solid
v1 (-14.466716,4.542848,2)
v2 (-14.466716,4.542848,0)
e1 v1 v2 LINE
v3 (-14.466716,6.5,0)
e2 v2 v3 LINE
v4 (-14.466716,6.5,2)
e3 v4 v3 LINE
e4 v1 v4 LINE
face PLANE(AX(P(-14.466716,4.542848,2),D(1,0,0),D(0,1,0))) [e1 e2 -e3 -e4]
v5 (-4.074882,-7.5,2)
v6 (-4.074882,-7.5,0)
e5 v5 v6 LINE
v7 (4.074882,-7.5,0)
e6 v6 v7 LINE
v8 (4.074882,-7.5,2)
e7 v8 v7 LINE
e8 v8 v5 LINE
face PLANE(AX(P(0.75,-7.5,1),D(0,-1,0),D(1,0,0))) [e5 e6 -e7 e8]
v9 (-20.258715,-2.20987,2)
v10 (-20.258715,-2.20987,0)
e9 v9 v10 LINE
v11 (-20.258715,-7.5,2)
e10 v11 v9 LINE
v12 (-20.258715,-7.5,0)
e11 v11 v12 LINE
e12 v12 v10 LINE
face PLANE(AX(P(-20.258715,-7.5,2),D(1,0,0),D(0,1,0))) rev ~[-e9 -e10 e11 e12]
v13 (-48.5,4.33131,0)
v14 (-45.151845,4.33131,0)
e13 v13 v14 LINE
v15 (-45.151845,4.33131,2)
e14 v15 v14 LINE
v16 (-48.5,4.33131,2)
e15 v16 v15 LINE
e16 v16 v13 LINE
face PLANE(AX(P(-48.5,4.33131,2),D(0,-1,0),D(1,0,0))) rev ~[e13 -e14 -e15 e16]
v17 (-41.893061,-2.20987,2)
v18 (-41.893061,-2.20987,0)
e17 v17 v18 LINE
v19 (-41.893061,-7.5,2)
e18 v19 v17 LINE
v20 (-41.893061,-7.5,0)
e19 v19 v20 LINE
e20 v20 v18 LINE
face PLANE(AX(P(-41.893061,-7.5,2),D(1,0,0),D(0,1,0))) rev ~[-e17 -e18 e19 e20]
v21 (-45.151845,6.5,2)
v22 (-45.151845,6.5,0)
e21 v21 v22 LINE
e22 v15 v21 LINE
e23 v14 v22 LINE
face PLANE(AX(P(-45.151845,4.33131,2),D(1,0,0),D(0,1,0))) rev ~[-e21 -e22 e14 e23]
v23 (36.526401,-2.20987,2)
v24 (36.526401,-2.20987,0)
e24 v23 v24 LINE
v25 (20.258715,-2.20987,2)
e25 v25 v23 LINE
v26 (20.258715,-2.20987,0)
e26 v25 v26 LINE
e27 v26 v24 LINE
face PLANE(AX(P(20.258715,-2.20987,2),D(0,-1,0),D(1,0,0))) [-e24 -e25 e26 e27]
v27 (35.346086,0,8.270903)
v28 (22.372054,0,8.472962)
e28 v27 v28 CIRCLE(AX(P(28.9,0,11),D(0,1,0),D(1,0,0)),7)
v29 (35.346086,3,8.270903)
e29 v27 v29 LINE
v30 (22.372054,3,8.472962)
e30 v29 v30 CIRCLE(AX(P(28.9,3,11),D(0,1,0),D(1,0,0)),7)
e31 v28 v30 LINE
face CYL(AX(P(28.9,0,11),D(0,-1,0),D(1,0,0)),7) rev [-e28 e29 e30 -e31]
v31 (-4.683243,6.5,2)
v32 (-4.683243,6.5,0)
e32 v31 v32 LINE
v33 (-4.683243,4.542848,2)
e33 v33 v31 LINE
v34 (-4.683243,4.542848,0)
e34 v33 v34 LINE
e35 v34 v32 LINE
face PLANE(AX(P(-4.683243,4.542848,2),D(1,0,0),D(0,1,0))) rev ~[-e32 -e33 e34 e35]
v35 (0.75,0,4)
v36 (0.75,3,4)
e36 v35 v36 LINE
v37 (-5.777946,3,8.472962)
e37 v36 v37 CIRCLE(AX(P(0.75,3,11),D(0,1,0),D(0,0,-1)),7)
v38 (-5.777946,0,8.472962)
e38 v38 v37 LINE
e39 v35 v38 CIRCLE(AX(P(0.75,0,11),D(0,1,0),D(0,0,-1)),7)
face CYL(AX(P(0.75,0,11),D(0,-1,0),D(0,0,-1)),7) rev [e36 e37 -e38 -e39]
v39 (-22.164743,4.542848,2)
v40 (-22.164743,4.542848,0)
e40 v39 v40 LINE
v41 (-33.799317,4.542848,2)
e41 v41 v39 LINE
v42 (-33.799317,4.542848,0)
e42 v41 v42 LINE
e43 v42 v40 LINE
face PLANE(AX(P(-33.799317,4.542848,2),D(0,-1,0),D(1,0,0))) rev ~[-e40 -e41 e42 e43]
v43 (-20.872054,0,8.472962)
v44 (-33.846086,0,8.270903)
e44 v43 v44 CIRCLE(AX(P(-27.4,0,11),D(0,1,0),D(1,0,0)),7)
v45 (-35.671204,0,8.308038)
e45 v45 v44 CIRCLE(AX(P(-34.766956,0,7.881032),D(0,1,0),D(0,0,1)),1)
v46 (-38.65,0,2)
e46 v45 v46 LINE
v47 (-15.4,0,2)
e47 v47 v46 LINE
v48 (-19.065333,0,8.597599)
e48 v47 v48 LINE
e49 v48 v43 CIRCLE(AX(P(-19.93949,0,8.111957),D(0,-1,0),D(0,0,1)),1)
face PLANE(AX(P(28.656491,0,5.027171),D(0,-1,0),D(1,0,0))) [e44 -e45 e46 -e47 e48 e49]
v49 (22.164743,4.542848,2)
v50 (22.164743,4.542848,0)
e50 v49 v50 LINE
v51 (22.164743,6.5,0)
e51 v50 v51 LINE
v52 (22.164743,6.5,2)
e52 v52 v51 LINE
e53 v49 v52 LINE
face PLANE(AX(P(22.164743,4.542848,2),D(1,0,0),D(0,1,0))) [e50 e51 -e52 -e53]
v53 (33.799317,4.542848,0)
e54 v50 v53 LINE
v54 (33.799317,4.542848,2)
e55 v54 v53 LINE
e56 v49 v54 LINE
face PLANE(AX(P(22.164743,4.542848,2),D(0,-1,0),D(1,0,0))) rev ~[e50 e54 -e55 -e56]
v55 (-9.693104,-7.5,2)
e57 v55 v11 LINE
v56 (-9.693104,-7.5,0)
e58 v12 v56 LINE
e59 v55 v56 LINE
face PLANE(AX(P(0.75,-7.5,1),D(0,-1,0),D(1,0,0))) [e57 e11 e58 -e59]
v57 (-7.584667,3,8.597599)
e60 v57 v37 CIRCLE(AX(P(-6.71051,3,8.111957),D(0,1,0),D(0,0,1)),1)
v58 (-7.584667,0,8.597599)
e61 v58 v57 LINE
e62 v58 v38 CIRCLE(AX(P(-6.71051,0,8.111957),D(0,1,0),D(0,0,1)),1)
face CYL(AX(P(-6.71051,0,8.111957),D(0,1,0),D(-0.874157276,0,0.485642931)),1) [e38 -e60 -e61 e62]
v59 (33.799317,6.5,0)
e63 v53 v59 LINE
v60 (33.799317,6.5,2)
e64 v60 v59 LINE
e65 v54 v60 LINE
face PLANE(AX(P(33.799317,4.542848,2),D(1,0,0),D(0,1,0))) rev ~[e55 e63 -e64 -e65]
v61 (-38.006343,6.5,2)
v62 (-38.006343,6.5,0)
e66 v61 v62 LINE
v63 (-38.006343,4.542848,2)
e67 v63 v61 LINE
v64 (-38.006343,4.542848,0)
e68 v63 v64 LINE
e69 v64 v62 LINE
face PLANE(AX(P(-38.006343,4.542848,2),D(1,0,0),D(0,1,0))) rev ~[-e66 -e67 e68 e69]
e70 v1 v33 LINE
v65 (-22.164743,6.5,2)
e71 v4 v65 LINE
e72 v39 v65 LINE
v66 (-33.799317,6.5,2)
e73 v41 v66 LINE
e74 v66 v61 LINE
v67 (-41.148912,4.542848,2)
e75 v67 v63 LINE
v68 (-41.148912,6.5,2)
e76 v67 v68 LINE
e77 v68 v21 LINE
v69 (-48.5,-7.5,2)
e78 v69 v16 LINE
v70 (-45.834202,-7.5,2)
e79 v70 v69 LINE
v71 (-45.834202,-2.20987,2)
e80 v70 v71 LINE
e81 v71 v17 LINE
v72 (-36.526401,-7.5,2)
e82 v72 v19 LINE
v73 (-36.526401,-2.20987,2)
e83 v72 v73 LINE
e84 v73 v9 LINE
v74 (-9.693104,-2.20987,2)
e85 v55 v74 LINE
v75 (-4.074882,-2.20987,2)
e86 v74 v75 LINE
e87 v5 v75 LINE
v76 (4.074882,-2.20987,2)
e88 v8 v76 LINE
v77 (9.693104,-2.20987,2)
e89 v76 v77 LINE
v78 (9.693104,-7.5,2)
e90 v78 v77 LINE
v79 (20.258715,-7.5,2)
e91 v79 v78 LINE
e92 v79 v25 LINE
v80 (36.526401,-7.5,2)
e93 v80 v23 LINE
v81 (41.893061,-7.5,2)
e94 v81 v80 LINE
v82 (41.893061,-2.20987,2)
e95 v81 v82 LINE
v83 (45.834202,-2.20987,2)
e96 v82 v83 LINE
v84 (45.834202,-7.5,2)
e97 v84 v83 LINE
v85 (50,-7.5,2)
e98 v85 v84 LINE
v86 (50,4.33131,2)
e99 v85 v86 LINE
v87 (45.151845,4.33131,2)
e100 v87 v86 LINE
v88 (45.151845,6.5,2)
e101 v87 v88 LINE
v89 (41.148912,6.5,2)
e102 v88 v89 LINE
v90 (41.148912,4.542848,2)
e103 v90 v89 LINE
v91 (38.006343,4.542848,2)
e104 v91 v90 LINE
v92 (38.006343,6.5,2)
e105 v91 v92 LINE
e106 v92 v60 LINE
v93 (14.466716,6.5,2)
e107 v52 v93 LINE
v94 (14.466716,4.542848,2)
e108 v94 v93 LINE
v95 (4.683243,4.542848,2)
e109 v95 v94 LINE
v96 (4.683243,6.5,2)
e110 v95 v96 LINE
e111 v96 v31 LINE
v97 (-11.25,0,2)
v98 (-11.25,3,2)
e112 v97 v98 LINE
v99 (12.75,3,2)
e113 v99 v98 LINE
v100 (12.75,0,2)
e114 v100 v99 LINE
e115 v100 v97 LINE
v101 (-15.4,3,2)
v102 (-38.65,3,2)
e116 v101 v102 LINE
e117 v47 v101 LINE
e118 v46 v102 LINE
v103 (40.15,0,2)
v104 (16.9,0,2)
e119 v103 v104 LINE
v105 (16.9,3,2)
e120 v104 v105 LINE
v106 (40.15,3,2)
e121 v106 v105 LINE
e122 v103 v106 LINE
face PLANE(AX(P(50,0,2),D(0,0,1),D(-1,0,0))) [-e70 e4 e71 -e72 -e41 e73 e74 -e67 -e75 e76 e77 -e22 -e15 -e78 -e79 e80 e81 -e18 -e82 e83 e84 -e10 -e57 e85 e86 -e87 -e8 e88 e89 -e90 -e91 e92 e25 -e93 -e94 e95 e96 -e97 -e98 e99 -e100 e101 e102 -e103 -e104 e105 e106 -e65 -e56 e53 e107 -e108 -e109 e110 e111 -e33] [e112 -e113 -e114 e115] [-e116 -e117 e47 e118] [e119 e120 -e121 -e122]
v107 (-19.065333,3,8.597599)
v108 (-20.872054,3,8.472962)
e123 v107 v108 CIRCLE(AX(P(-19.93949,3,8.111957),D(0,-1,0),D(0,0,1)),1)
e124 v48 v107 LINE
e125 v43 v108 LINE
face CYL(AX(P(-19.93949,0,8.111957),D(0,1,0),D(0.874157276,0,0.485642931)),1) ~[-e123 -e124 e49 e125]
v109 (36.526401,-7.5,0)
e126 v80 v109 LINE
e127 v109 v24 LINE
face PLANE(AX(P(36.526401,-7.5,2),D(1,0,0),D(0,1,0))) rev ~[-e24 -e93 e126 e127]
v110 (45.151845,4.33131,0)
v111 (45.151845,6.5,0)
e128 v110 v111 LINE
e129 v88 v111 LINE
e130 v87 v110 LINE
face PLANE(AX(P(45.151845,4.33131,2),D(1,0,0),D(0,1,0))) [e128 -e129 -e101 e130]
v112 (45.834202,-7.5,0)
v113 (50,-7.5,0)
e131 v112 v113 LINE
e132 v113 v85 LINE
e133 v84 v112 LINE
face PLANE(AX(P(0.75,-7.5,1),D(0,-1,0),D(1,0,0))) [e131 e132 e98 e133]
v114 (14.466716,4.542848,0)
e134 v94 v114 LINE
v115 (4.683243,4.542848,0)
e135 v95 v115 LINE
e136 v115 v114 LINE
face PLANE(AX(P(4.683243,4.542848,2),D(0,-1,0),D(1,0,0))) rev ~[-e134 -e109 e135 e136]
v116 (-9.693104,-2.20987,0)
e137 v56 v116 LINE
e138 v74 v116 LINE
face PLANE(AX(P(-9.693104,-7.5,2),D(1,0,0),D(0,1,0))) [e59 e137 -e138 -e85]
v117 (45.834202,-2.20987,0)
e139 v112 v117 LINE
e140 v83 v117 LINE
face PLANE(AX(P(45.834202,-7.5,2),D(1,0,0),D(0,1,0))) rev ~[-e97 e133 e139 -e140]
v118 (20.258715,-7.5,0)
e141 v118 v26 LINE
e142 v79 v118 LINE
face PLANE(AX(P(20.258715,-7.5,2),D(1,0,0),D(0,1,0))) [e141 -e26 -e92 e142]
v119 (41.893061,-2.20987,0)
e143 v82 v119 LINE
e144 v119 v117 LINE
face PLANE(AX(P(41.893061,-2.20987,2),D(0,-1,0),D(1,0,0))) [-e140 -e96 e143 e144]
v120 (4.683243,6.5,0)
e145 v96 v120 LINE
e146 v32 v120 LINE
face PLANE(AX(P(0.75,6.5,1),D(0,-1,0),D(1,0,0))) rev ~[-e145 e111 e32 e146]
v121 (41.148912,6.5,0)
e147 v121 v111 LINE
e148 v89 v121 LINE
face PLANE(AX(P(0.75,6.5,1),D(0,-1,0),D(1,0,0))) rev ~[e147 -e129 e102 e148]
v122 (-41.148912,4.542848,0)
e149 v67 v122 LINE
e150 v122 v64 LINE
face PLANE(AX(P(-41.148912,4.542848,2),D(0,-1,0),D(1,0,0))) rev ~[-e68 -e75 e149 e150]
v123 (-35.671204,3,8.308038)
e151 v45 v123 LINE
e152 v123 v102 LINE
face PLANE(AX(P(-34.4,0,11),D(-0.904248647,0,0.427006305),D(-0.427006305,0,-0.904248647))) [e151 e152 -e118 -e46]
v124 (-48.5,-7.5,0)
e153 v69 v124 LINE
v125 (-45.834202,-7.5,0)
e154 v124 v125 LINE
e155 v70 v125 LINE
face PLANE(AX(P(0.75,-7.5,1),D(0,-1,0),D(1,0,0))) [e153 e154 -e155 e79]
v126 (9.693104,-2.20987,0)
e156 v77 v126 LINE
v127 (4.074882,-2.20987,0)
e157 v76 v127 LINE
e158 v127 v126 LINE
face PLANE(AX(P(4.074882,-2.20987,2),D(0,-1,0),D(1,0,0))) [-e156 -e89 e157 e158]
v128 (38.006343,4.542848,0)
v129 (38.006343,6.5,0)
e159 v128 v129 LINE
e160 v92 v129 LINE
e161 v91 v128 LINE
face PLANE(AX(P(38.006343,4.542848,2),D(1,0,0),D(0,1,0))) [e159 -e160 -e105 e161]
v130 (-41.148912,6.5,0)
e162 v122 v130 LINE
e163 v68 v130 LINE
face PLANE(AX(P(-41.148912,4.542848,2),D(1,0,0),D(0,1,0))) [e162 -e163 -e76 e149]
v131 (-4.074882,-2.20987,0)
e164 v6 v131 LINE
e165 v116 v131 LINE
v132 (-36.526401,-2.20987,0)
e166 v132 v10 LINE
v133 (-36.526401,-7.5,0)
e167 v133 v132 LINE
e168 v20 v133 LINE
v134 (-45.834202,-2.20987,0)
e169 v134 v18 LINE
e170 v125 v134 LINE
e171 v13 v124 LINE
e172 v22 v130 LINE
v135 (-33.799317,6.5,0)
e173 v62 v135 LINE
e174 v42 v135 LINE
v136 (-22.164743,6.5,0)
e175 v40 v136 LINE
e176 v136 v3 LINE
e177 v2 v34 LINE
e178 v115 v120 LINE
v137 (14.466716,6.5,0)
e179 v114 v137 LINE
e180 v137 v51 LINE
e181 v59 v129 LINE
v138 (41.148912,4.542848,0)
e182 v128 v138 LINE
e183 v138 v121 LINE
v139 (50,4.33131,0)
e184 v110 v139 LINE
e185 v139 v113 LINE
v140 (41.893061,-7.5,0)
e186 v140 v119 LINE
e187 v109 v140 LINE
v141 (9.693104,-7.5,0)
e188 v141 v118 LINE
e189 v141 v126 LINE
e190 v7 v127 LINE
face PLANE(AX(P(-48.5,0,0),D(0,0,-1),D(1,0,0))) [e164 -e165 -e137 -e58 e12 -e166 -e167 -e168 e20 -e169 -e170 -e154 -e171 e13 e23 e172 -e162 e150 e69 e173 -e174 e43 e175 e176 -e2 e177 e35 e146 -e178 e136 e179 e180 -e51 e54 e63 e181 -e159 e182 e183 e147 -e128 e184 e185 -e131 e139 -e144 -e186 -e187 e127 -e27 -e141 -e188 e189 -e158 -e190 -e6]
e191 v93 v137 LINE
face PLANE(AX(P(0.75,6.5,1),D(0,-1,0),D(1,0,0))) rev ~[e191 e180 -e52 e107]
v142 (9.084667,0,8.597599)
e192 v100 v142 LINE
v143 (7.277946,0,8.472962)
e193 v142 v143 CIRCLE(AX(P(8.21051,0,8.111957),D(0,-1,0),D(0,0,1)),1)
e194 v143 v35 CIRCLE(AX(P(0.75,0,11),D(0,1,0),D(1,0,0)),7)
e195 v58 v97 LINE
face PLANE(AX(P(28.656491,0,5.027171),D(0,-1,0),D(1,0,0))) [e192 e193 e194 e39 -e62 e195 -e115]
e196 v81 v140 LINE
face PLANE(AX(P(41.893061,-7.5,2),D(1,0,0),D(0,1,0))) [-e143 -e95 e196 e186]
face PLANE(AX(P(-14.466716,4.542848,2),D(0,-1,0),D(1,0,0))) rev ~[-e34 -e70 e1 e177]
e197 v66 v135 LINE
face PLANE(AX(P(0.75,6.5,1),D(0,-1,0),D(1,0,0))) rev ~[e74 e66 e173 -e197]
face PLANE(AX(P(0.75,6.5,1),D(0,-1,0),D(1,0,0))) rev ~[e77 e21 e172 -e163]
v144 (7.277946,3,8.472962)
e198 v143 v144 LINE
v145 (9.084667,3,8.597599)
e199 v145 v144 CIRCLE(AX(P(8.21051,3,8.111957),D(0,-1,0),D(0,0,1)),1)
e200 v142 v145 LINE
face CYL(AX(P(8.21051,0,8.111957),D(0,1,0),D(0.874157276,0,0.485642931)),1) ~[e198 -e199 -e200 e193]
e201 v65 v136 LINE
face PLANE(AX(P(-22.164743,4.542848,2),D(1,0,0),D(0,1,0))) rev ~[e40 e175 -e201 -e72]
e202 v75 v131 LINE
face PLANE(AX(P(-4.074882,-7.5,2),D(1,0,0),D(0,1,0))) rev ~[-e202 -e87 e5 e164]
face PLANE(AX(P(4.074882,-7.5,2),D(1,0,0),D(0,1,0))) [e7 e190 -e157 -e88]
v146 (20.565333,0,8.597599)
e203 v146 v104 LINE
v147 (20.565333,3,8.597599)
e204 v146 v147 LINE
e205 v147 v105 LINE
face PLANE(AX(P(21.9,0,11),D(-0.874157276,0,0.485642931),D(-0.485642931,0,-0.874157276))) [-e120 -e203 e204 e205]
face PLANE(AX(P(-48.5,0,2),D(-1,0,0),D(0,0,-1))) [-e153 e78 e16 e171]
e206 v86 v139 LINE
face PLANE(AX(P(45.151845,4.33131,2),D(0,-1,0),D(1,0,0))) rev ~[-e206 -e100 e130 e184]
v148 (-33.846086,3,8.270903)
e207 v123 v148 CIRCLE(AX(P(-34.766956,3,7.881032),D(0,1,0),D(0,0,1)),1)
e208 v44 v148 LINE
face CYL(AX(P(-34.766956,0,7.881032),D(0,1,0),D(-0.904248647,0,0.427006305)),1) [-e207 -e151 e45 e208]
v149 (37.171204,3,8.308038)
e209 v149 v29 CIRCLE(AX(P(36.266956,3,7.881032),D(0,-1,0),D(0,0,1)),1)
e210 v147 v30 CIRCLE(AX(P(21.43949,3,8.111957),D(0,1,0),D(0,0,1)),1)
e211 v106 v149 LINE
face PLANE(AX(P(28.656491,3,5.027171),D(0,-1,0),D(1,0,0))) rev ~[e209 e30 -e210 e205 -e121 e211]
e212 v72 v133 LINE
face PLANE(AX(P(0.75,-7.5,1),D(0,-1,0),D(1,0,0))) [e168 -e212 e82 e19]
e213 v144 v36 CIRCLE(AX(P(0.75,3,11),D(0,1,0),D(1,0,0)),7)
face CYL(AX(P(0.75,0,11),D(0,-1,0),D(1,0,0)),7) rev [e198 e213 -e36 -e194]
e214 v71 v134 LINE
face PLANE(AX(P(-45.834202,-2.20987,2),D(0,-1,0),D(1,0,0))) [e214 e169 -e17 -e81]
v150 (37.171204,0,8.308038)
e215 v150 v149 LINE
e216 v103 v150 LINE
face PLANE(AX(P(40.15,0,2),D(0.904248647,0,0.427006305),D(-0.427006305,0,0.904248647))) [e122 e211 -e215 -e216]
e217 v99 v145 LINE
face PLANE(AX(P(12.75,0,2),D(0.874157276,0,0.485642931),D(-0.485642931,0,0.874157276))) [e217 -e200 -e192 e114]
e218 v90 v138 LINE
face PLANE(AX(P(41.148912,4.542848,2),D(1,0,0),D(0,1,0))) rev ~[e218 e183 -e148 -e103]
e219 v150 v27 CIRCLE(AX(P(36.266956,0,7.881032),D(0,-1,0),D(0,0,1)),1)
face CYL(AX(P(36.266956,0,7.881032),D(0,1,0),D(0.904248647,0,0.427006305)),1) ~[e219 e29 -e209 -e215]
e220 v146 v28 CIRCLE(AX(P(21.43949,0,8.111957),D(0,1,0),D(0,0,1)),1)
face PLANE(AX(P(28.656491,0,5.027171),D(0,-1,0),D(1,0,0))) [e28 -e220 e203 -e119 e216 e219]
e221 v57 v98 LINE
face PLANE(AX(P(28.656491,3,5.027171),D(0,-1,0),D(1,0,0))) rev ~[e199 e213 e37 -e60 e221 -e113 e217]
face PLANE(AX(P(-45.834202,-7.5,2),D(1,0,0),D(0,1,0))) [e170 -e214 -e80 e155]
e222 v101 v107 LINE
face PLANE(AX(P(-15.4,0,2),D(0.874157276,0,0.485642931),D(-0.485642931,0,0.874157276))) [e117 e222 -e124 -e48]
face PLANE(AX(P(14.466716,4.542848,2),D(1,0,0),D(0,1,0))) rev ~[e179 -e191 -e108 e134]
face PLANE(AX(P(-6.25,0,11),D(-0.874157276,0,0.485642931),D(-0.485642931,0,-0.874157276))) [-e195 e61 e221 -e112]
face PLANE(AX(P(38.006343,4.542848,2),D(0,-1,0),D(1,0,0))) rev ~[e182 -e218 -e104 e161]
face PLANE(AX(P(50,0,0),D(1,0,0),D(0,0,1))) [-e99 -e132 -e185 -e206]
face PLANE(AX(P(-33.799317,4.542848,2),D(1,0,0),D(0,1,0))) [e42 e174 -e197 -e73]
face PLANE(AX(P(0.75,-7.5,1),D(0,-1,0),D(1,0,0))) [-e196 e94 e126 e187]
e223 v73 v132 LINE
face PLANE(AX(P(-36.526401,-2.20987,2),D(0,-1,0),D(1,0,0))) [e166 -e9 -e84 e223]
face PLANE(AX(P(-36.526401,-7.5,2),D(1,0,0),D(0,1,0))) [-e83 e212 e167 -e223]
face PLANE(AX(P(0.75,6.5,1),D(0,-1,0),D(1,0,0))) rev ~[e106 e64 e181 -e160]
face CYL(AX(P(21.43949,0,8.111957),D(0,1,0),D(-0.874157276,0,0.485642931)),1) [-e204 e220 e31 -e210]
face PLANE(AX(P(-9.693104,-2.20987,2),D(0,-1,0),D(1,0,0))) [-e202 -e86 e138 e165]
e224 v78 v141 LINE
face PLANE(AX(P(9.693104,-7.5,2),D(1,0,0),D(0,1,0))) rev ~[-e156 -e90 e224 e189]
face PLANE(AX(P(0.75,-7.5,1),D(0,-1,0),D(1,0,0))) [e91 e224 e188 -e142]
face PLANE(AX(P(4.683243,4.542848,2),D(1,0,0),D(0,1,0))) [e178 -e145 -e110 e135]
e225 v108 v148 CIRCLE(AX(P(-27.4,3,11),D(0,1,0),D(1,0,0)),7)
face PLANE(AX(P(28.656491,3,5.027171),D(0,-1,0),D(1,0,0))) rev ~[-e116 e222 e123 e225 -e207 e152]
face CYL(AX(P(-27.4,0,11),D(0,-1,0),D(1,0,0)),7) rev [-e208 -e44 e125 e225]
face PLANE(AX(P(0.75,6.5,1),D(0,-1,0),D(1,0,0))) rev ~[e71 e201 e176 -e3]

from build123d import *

# Parameters (mm, degrees)
F1_DEPTH = 7.5
F2_DEPTH = 3
F3_DEPTH = 6.5
F4_W     = 5.6182215922
F4_H     = 5.2901296224
F4_W_2   = 4.8481553793
F4_H_2   = 2.1686895564
F4_W_3   = 11.6345733404
F4_H_3   = 1.9571522065
F4_W_4   = 3.1425692141
F4_W_5   = 9.7834728658
F4_W_6   = 16.2676852196
F4_W_7   = 3.9411410689
F4_W_8   = 3.3481553793
F5_DEPTH = 2
F6_R     = 1


with BuildPart() as f1:
    # F0 (on Front) → F1 (new body)
    with BuildSketch(Plane.XZ):
        Polygon((-48.5, 2), (-48.5, 0), (50, 0), (50, 2), (40.15, 2), (16.9, 2), (12.75, 2), (0.75, 2), (-11.25, 2), (-15.4, 2), (-38.65, 2), align=None)
    extrude(amount=F1_DEPTH)

    # F0 (on Front) → F2 (join)
    with BuildSketch(Plane.XZ):
        with BuildLine():
            Line((16.9, 2), (40.15, 2))
            Line((40.15, 2), (35.9, 11))
            ThreePointArc((35.9, 11), (28.9, 4), (21.9, 11))
            Line((21.9, 11), (16.9, 2))
        make_face()
        with BuildLine():
            Line((0.75, 2), (12.75, 2))
            Line((12.75, 2), (7.75, 11))
            ThreePointArc((7.75, 11), (5.6997474683, 6.0502525317), (0.75, 4))
            Line((0.75, 4), (0.75, 2))
        make_face()
        with BuildLine():
            Line((-6.25, 11), (-11.25, 2))
            Line((-11.25, 2), (0.75, 2))
            Line((0.75, 2), (0.75, 4))
            ThreePointArc((0.75, 4), (-4.1997474683, 6.0502525317), (-6.25, 11))
        make_face()
        with BuildLine():
            Line((-34.4, 11), (-38.65, 2))
            Line((-38.65, 2), (-15.4, 2))
            Line((-15.4, 2), (-20.4, 11))
            ThreePointArc((-20.4, 11), (-27.4, 4), (-34.4, 11))
        make_face()
        Polygon((-48.5, 2), (-48.5, 0), (50, 0), (50, 2), (40.15, 2), (16.9, 2), (12.75, 2), (0.75, 2), (-11.25, 2), (-15.4, 2), (-38.65, 2), align=None)
    extrude(amount=-F2_DEPTH)

    # F0 (on Front) → F3 (join)
    with BuildSketch(Plane.XZ):
        Polygon((-48.5, 2), (-48.5, 0), (50, 0), (50, 2), (40.15, 2), (16.9, 2), (12.75, 2), (0.75, 2), (-11.25, 2), (-15.4, 2), (-38.65, 2), align=None)
    extrude(amount=-F3_DEPTH)

    # F4 (on face) → F5 (cut)
    with BuildSketch(Plane.XY.offset(2)):
        with Locations((6.8839930464, -4.8549351888)):
            Rectangle(F4_W, F4_H)
        with Locations((47.5759223104, 5.4156552218)):
            Rectangle(F4_W_2, F4_H_2)
        with Locations((27.9820300639, 5.5214238968)):
            Rectangle(F4_W_3, F4_H_3)
        with Locations((39.5776275545, 5.5214238968)):
            Rectangle(F4_W_4, F4_H_3)
        with Locations((9.5749795437, 5.5214238968)):
            Rectangle(F4_W_5, F4_H_3)
        with Locations((28.3925579861, -4.8549351888)):
            Rectangle(F4_W_6, F4_H)
        with Locations((43.8636317849, -4.8549351888)):
            Rectangle(F4_W_7, F4_H)
        with Locations((-6.8839930464, -4.8549351888)):
            Rectangle(F4_W, F4_H)
        with Locations((-9.5749795437, 5.5214238968)):
            Rectangle(F4_W_5, F4_H_3)
        with Locations((-28.3925579861, -4.8549351888)):
            Rectangle(F4_W_6, F4_H)
        with Locations((-27.9820300639, 5.5214238968)):
            Rectangle(F4_W_3, F4_H_3)
        with Locations((-39.5776275545, 5.5214238968)):
            Rectangle(F4_W_4, F4_H_3)
        with Locations((-43.8636317849, -4.8549351888)):
            Rectangle(F4_W_7, F4_H)
        with Locations((-46.8259223104, 5.4156552218)):
            Rectangle(F4_W_8, F4_H_2)
    extrude(amount=-F5_DEPTH, mode=Mode.SUBTRACT)

    # F6
    f6_edges = [f1.edges().sort_by_distance(p)[0] for p in [
        (35.9, 1.5, 11),
        (21.9, 1.5, 11),
        (7.75, 1.5, 11),
        (-6.25, 1.5, 11),
        (-20.4, 1.5, 11),
        (-34.4, 1.5, 11),
    ]]
    fillet(f6_edges, radius=F6_R)


solid = f1.part
